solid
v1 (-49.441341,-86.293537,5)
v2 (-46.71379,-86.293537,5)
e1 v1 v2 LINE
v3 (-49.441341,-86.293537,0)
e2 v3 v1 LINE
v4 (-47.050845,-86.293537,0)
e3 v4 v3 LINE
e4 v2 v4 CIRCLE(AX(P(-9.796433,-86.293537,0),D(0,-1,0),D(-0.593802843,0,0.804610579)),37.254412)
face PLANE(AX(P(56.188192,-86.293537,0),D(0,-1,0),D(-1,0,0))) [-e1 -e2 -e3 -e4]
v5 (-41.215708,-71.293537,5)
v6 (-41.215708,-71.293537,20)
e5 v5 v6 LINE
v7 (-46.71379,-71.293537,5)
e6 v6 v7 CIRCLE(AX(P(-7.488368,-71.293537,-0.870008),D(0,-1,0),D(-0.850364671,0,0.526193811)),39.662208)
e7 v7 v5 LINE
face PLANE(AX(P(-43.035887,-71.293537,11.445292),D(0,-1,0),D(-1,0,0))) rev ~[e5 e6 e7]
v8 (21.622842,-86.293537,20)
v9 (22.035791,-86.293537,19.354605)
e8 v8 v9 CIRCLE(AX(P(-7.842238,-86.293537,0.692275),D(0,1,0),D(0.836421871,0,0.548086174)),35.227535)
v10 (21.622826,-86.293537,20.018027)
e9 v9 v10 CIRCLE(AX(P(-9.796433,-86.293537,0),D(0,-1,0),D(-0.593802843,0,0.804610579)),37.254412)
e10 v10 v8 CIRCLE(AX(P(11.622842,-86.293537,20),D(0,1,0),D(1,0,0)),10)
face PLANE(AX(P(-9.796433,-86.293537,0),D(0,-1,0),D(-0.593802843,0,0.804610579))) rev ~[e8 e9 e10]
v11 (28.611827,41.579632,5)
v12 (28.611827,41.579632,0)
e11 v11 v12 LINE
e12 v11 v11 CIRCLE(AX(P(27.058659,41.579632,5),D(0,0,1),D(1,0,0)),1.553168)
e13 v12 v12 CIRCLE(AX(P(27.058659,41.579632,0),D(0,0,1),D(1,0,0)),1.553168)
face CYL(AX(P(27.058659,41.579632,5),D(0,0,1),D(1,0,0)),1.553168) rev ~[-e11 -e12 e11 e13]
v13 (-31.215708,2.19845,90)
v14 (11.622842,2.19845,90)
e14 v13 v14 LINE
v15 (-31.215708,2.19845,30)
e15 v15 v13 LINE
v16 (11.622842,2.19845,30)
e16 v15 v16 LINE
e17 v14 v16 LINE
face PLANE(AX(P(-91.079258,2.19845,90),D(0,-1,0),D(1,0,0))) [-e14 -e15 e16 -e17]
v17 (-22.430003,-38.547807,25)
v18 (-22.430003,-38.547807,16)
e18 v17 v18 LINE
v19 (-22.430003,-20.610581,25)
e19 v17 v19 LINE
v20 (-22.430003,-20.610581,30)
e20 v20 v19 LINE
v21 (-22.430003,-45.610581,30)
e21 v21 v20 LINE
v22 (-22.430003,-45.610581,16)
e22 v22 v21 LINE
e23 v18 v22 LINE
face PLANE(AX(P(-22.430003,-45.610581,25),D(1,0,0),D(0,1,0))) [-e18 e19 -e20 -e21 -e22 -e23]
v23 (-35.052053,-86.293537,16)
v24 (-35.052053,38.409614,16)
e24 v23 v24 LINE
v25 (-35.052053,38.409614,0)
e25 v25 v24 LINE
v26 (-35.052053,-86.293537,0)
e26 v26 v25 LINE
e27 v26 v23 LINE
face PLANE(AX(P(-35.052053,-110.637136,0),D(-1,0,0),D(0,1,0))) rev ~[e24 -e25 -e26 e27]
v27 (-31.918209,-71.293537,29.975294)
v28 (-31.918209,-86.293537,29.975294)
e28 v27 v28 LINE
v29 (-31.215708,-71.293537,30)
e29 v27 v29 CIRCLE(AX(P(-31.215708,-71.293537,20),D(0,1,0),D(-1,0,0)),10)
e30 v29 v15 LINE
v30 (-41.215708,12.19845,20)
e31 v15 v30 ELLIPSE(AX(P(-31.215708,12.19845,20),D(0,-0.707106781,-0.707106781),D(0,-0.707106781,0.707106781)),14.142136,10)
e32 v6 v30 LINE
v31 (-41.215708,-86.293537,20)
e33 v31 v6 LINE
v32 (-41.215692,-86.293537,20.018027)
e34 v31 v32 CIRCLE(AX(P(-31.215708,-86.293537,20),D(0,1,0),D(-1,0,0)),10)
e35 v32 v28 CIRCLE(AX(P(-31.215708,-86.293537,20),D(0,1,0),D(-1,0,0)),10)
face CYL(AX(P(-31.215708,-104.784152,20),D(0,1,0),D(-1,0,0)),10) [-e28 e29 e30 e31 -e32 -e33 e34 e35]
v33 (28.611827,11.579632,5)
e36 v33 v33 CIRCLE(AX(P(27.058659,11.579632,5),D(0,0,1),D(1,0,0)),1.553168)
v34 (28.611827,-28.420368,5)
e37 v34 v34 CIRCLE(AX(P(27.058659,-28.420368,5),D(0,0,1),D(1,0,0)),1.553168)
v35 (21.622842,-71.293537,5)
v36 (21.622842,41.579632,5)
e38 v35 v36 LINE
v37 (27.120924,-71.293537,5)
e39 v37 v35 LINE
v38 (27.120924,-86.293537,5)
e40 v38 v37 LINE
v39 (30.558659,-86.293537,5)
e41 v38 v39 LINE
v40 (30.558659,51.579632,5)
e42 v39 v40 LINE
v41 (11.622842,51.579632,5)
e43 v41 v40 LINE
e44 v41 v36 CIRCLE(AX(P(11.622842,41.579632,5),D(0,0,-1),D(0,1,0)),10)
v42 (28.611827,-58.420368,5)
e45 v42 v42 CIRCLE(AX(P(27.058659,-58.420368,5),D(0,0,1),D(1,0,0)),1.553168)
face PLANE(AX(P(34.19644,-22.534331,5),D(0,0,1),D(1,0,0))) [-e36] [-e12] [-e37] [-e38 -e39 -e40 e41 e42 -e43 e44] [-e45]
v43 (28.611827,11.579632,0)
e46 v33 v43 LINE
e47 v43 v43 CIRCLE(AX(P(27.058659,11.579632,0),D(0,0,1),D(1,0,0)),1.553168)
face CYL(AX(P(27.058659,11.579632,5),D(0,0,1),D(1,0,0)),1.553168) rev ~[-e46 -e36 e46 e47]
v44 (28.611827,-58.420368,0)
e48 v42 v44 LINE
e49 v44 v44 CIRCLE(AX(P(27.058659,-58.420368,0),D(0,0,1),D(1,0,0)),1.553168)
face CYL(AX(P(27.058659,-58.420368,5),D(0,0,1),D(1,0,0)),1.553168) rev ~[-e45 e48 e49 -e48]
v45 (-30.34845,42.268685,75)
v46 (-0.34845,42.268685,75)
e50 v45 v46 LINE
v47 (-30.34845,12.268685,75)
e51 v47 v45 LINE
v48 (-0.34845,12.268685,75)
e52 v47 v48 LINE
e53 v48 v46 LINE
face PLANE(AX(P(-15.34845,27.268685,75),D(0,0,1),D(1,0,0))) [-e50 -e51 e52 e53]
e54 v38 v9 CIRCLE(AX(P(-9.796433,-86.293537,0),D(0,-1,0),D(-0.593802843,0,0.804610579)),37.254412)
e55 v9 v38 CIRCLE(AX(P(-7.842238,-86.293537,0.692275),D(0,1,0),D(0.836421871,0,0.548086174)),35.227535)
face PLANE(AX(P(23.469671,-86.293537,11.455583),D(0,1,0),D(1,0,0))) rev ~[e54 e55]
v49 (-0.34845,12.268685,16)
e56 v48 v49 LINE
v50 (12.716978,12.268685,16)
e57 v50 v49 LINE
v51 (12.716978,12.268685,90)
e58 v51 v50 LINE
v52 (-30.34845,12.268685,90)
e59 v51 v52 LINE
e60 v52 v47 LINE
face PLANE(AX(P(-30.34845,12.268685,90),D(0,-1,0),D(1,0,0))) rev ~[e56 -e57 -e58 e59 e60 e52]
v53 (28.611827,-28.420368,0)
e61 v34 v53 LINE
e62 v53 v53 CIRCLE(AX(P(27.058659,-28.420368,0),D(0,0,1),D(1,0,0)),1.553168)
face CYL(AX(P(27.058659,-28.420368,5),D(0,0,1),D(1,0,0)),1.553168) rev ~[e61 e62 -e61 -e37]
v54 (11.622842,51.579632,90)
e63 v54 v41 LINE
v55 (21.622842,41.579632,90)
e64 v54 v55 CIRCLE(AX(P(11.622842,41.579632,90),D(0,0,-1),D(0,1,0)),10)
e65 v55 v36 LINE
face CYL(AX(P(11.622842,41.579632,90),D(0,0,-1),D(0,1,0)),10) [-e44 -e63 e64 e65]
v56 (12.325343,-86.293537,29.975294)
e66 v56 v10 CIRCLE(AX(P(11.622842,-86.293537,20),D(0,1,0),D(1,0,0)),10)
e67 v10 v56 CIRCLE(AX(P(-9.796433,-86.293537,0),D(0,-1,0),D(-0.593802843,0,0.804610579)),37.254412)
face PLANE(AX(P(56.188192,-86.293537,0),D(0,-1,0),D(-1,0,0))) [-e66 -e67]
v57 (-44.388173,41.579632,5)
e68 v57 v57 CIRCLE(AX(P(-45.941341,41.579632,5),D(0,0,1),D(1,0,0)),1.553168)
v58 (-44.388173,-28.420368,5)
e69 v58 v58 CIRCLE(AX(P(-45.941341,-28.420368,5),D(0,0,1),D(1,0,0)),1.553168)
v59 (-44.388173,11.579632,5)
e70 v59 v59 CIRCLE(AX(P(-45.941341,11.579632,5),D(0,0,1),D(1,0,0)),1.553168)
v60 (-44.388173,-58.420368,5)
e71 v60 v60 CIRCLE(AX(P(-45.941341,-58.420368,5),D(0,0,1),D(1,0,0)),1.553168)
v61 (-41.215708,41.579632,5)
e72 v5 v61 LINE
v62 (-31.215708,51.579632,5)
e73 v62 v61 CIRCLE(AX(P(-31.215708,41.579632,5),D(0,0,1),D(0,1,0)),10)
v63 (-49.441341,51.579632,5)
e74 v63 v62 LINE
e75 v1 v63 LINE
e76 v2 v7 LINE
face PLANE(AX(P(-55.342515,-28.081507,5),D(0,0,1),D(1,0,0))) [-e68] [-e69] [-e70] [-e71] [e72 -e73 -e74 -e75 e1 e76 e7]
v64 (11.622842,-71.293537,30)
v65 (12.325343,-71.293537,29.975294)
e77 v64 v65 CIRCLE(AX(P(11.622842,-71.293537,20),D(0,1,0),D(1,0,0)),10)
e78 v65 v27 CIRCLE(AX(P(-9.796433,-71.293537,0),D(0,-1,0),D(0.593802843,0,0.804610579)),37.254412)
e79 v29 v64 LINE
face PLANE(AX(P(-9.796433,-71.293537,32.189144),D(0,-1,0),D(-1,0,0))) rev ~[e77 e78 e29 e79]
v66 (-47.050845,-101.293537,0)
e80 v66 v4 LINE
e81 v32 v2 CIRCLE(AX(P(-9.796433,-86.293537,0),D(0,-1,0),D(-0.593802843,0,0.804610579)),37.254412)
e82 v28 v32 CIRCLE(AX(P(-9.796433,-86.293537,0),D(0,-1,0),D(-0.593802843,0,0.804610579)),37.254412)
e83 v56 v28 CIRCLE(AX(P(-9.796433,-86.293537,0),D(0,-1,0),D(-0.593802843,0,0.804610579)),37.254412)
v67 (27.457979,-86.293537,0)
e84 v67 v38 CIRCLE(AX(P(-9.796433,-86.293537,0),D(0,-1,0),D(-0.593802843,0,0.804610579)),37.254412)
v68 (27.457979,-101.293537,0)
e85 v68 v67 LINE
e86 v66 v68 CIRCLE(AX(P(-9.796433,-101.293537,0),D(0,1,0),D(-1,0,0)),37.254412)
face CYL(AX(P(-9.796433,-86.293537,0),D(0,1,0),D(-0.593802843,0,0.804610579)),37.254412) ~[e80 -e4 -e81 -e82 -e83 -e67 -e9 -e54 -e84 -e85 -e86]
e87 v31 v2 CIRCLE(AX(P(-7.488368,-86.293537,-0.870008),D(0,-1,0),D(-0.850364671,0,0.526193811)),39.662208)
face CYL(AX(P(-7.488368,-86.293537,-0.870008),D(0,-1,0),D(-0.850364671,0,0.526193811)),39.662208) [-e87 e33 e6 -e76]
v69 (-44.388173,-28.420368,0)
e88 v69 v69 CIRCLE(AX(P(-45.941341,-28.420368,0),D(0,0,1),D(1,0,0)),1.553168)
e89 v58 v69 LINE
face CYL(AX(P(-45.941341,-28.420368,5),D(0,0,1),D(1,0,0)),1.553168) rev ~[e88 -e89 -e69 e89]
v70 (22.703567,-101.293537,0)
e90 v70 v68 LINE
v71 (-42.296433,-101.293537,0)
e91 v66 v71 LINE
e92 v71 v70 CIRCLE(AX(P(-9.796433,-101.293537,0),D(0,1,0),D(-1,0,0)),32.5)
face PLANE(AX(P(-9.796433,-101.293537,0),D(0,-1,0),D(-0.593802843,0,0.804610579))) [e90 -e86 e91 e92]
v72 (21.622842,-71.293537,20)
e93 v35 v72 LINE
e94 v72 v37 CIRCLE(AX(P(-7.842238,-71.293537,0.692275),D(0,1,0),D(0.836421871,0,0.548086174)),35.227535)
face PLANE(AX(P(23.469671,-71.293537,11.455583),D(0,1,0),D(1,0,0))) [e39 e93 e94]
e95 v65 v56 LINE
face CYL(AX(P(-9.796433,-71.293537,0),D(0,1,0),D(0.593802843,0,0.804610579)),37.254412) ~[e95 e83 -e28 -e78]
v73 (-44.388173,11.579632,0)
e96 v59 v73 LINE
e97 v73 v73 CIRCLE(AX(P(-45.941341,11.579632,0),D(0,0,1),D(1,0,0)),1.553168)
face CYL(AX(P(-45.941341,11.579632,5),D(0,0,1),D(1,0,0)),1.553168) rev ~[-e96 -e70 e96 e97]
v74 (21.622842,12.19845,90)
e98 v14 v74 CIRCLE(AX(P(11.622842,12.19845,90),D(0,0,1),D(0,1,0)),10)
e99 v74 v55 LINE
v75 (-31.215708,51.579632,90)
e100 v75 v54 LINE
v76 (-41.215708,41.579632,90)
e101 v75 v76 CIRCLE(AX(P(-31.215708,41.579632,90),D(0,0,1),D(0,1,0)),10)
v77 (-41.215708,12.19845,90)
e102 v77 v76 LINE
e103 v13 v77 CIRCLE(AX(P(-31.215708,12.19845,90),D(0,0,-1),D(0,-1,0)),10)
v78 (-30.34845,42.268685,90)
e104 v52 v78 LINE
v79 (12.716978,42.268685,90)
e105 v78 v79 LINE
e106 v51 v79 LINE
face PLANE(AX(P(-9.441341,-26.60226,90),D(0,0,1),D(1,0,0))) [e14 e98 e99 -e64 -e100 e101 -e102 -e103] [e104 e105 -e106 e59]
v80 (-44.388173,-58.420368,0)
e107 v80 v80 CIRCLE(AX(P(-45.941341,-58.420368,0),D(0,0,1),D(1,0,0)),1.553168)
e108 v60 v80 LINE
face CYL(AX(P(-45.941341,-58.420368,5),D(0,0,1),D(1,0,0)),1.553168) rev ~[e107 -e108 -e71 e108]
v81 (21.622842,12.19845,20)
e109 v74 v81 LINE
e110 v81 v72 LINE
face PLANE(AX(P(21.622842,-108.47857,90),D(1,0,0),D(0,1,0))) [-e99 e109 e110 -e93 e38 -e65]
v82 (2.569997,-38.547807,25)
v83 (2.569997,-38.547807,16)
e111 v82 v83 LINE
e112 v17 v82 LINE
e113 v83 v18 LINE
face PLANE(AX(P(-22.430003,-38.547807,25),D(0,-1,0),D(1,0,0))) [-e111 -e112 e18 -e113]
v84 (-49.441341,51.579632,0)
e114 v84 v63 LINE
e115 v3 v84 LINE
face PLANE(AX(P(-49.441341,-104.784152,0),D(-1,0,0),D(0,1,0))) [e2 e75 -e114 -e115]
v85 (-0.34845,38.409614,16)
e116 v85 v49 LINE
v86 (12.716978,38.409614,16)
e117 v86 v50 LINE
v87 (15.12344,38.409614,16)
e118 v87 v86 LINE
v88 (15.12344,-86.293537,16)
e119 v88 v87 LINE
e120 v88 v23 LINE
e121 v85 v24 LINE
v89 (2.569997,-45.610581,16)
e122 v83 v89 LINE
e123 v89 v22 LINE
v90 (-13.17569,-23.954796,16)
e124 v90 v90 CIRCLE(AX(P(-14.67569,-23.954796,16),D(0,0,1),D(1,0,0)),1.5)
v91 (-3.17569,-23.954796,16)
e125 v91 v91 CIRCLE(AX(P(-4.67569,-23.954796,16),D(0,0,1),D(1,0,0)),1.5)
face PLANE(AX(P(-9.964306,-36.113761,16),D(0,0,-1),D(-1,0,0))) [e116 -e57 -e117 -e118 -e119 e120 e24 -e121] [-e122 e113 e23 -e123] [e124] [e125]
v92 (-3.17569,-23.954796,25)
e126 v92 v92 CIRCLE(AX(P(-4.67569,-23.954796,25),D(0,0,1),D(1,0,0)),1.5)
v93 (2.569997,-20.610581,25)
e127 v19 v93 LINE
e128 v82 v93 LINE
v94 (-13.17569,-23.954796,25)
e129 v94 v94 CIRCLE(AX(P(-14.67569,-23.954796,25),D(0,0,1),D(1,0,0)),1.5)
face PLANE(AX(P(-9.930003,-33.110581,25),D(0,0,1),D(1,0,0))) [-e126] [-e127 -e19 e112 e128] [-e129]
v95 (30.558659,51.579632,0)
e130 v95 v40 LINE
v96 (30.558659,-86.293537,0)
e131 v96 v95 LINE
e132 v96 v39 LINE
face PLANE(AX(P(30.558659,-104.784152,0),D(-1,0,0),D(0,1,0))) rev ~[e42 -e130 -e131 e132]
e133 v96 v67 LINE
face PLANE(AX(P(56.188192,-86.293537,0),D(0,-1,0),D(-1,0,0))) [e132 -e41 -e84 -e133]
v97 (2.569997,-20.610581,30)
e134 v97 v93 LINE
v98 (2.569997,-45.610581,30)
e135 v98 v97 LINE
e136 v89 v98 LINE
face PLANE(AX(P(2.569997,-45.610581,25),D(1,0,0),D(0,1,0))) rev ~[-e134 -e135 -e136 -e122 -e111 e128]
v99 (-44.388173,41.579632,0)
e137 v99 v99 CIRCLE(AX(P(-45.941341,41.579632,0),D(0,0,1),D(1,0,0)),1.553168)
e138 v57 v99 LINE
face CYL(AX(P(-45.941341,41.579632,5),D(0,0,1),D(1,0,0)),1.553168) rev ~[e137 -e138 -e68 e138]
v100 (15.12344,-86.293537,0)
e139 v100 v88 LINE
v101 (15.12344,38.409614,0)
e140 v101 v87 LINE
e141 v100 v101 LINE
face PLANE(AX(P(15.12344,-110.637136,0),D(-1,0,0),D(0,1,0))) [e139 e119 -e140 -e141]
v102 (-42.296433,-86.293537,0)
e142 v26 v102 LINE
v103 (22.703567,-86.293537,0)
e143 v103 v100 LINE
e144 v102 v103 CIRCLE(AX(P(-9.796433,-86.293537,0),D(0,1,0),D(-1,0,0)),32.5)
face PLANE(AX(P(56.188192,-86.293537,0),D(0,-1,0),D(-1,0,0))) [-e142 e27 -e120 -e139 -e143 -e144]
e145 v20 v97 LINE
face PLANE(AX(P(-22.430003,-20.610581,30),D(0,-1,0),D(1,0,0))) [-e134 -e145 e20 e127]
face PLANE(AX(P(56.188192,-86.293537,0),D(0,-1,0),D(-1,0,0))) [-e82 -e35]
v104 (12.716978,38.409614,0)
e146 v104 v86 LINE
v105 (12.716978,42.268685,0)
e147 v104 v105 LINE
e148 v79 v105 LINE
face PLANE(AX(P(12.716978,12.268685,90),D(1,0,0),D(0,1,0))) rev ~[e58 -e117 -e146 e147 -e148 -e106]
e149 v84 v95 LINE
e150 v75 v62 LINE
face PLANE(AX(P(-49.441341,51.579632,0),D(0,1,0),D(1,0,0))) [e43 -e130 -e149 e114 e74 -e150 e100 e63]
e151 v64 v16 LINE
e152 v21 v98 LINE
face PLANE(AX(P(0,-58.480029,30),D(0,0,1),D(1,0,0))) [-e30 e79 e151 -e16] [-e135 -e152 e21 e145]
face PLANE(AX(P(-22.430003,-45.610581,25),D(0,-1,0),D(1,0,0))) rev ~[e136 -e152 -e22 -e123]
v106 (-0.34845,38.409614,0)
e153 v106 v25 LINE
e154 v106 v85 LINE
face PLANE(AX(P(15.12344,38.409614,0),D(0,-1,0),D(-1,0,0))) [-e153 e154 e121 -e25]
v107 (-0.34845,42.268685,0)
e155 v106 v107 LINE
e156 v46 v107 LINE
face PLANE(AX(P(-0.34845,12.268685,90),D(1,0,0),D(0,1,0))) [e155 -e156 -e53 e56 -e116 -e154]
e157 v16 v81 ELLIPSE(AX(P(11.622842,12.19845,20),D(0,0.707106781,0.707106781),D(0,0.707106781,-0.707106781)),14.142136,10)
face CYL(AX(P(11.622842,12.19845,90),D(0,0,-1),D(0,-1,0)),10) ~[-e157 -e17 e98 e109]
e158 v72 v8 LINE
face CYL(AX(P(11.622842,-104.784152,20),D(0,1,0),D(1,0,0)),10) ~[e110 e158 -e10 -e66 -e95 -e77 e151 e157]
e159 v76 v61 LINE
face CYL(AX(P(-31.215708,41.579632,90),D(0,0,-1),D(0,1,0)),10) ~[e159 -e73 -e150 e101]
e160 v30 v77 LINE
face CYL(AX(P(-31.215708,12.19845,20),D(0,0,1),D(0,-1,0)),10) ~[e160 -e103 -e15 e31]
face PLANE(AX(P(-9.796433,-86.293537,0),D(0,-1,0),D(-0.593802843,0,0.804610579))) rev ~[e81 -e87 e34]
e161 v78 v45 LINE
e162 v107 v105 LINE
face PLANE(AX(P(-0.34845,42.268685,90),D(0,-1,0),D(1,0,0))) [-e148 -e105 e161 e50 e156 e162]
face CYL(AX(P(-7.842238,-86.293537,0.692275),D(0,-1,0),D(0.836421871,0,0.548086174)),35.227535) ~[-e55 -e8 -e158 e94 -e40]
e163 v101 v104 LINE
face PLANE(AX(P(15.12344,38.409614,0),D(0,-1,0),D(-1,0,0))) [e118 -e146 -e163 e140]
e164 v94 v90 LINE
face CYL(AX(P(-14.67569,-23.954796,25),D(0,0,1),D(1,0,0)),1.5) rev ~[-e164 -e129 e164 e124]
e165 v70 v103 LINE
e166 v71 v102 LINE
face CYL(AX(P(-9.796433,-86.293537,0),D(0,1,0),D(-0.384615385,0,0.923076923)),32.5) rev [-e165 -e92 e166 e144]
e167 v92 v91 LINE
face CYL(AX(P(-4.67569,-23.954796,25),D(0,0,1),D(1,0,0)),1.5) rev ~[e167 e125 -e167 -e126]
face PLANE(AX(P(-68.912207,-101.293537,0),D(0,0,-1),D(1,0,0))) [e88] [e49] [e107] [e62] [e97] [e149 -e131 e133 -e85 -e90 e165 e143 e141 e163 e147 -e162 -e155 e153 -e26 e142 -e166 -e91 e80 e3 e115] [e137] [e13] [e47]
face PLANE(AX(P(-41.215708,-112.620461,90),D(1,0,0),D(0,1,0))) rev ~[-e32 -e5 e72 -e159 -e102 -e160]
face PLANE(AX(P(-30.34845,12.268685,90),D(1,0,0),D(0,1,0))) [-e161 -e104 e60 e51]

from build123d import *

# Parameters (mm, degrees)
SKETCH_1_W           = 80
SKETCH_1_H           = 156.363783163
EXTRUDE_1_DEPTH      = 90
SKETCH_3_W           = 30
SKETCH_3_H           = 30
CUT_EXTRUDE_1_DEPTH  = 15
SKETCH_4_W           = 182.158516052
SKETCH_4_H           = 121.356957168
CUT_EXTRUDE_2_DEPTH  = 60
SKETCH_6_W           = 50.175493085
SKETCH_6_H           = 149.046749465
CUT_EXTRUDE_4_DEPTH  = 16
SKETCH_7_W           = 13.065428471
SKETCH_7_H           = 30
CUT_EXTRUDE_5_DEPTH  = 147.711160425
SKETCH_8_W           = 28.25361391
SKETCH_8_H           = 169.077909422
CUT_EXTRUDE_6_DEPTH  = 85
SKETCH_10_W          = 25
SKETCH_10_H          = 25
CUT_EXTRUDE_7_DEPTH  = 5
SKETCH_11_W          = 25
SKETCH_11_H          = 7.062774738
CUT_EXTRUDE_8_DEPTH  = 133.850158424
SKETCH_12_R          = 1.553167794
CUT_EXTRUDE_9_DEPTH  = 144.698171851
FILLET_3_R           = 10
CUT_EXTRUDE_START    = 60
SKETCH_15_W          = 25.147195628
SKETCH_15_H          = 171.888478346
CUT_EXTRUDE_10_DEPTH = 85
FILLET_6_R           = 10
FILLET_7_R           = 10
SKETCH_18_W          = 152.348651532
SKETCH_18_H          = 32.578688912
CUT_EXTRUDE_11_DEPTH = 147.711160425
SKETCH_19_R          = 37.254412131
SKETCH_19_R_2        = 32.5
EXTRUDE_3_DEPTH      = 15
SKETCH_20_W          = 127.729938291
SKETCH_20_H          = 42.54840274
CUT_EXTRUDE_12_DEPTH = 185.159311294
EXTRUDE_5_DEPTH      = 15
EXTRUDE_START        = 15
EXTRUDE_6_DEPTH      = 15
EXTRUDE_7_DEPTH      = 15
SKETCH_27_R          = 1.5
CUT_EXTRUDE_13_DEPTH = 10


with BuildPart() as part:
    # 草图1 → 凸台-拉伸1 (new body)
    with BuildSketch(Plane.XY):
        with Locations((-9.441340782, -26.602259963)):
            Rectangle(SKETCH_1_W, SKETCH_1_H)
    extrude(amount=EXTRUDE_1_DEPTH)

    # 草图3 → 切除-拉伸1 (cut)
    with BuildSketch(Plane.XY.offset(90)):
        with Locations((-15.348450006, 27.268684522)):
            Rectangle(SKETCH_3_W, SKETCH_3_H)
    extrude(amount=-CUT_EXTRUDE_1_DEPTH, mode=Mode.SUBTRACT)

    # 草图4 → 切除-拉伸2 (cut)
    with BuildSketch(Plane.XY.offset(90)):
        with Locations((0, -58.480028538)):
            Rectangle(SKETCH_4_W, SKETCH_4_H)
    extrude(amount=-CUT_EXTRUDE_2_DEPTH, mode=Mode.SUBTRACT)

    # 草图6 → 切除-拉伸4 (cut)
    with BuildSketch(Plane(origin=(0, 0, 0), x_dir=(-1, 0, 0), z_dir=(0, 0, -1))):
        with Locations((9.964306437, -36.113761051)):
            Rectangle(SKETCH_6_W, SKETCH_6_H)
    extrude(amount=-CUT_EXTRUDE_4_DEPTH, mode=Mode.SUBTRACT)

    # 草图7 → 切除-拉伸5 (cut, through all)
    with BuildSketch(Plane.XY.offset(90)):
        with Locations((6.18426423, 27.268684522)):
            Rectangle(SKETCH_7_W, SKETCH_7_H)
    extrude(amount=-CUT_EXTRUDE_5_DEPTH, mode=Mode.SUBTRACT)

    # 草图8 → 切除-拉伸6 (cut)
    with BuildSketch(Plane.XY.offset(90)):
        with Locations((-55.342514846, -28.081506765)):
            Rectangle(SKETCH_8_W, SKETCH_8_H)
    extrude(amount=-CUT_EXTRUDE_6_DEPTH, mode=Mode.SUBTRACT)

    # 草图10 → 切除-拉伸7 (cut)
    with BuildSketch(Plane.XY.offset(30)):
        with Locations((-9.930002564, -33.110581364)):
            Rectangle(SKETCH_10_W, SKETCH_10_H)
    extrude(amount=-CUT_EXTRUDE_7_DEPTH, mode=Mode.SUBTRACT)

    # 草图11 → 切除-拉伸8 (cut, through all)
    with BuildSketch(Plane.XY.offset(25)):
        with Locations((-9.930002564, -42.079193995)):
            Rectangle(SKETCH_11_W, SKETCH_11_H)
    extrude(amount=-CUT_EXTRUDE_8_DEPTH, mode=Mode.SUBTRACT)

    # 草图12 → 切除-拉伸9 (cut, through all)
    with BuildSketch(Plane.XY.offset(5)):
        with Locations((-45.941340782, 41.579631618)):
            Circle(SKETCH_12_R)
        with Locations((27.058659218, 41.579631618)):
            Circle(SKETCH_12_R)
        with Locations((-45.941340782, 11.579631618)):
            Circle(SKETCH_12_R)
        with Locations((-45.941340782, -28.420368382)):
            Circle(SKETCH_12_R)
        with Locations((27.058659218, 11.579631618)):
            Circle(SKETCH_12_R)
        with Locations((27.058659218, -28.420368382)):
            Circle(SKETCH_12_R)
        with Locations((-45.941340782, -58.420368382)):
            Circle(SKETCH_12_R)
        with Locations((27.058659218, -58.420368382)):
            Circle(SKETCH_12_R)
    extrude(amount=-CUT_EXTRUDE_9_DEPTH, mode=Mode.SUBTRACT)

    # 圆角3
    fillet_3_edges = [part.edges().sort_by_distance(p)[0] for p in [
        (-41.215707891, -51.292850749, 30),
    ]]
    fillet(fillet_3_edges, radius=FILLET_3_R)

    # 草图15 → 切除-拉伸10 (cut)
    with BuildSketch(Plane.XY.offset(30).offset(CUT_EXTRUDE_START)):
        with Locations((34.196439865, -22.534331259)):
            Rectangle(SKETCH_15_W, SKETCH_15_H)
    extrude(amount=-CUT_EXTRUDE_10_DEPTH, mode=Mode.SUBTRACT)

    # 圆角6
    fillet_6_edges = [part.edges().sort_by_distance(p)[0] for p in [
        (21.622842051, -51.292850749, 30),
    ]]
    fillet(fillet_6_edges, radius=FILLET_6_R)

    # 圆角7
    fillet_7_edges = [part.edges().sort_by_distance(p)[0] for p in [
        (21.622842051, 2.198450046, 55),
        (-41.215707891, 2.198450046, 55),
        (-41.215707891, 51.579631618, 47.5),
        (21.622842051, 51.579631618, 47.5),
    ]]
    fillet(fillet_7_edges, radius=FILLET_7_R)

    # 草图18 → 切除-拉伸11 (cut, through all)
    with BuildSketch(Plane(origin=(0, 0, 0), x_dir=(-1, 0, 0), z_dir=(0, 0, -1))):
        with Locations((19.986133812, -102.5828817)):
            Rectangle(SKETCH_18_W, SKETCH_18_H)
    extrude(amount=-CUT_EXTRUDE_11_DEPTH, mode=Mode.SUBTRACT)

    # 草图19 → 凸台-拉伸3 (add)
    with BuildSketch(Plane.XZ.offset(86.293537244)):
        with Locations(Location((-9.79643292, 0, 0), (0, 0, 126.427336474))):
            Circle(SKETCH_19_R)
        with Locations(Location((-9.79643292, 0, 0), (0, 0, 112.619864948))):
            Circle(SKETCH_19_R_2, mode=Mode.SUBTRACT)
    extrude(amount=EXTRUDE_3_DEPTH)

    # 草图20 → 切除-拉伸12 (cut, through all)
    with BuildSketch(Plane.XZ.offset(101.293537244)):
        with Locations((-5.047238287, -21.27420137)):
            Rectangle(SKETCH_20_W, SKETCH_20_H)
    extrude(amount=-CUT_EXTRUDE_12_DEPTH, mode=Mode.SUBTRACT)

    # 草图24 → 凸台-拉伸5 (add)
    with BuildSketch(Plane(origin=(0, -86.293537244, 0), x_dir=(1, 0, 0), z_dir=(0, 1, 0))):
        with BuildLine():
            Line((-46.713789586, -5), (-41.215707891, -5))
            Line((-41.215707891, -5), (-41.215707891, -20))
            ThreePointArc((-41.215707891, -20), (-44.727814177, -12.779693075), (-46.713789586, -5))
        make_face()
    extrude(amount=EXTRUDE_5_DEPTH)

    # 草图25 → 凸台-拉伸6 (add)
    with BuildSketch(Plane(origin=(0, -86.293537244, 0), x_dir=(1, 0, 0), z_dir=(0, 1, 0)).offset(EXTRUDE_START)):
        with BuildLine():
            Line((-31.918208762, -29.975294107), (12.325342922, -29.975294107))
            ThreePointArc((12.325342922, -29.975294107), (-9.79643292, -37.254412131), (-31.918208762, -29.975294107))
        make_face()
    extrude(amount=-EXTRUDE_6_DEPTH)

    # 草图26 → 凸台-拉伸7 (add)
    with BuildSketch(Plane(origin=(0, -86.293537244, 0), x_dir=(1, 0, 0), z_dir=(0, 1, 0))):
        with BuildLine():
            Line((27.120923747, -5), (21.622842051, -5))
            Line((21.622842051, -5), (21.622842051, -20))
            ThreePointArc((21.622842051, -20), (25.233426536, -12.815789153), (27.120923747, -5))
        make_face()
    extrude(amount=EXTRUDE_7_DEPTH)

    # 草图27 → 切除-拉伸13 (cut)
    with BuildSketch(Plane.XY.offset(25)):
        with Locations((-4.675690362, -23.954796266)):
            Circle(SKETCH_27_R)
        with Locations((-14.675690362, -23.954796266)):
            Circle(SKETCH_27_R)
    extrude(amount=-CUT_EXTRUDE_13_DEPTH, mode=Mode.SUBTRACT)


solid = part.part
